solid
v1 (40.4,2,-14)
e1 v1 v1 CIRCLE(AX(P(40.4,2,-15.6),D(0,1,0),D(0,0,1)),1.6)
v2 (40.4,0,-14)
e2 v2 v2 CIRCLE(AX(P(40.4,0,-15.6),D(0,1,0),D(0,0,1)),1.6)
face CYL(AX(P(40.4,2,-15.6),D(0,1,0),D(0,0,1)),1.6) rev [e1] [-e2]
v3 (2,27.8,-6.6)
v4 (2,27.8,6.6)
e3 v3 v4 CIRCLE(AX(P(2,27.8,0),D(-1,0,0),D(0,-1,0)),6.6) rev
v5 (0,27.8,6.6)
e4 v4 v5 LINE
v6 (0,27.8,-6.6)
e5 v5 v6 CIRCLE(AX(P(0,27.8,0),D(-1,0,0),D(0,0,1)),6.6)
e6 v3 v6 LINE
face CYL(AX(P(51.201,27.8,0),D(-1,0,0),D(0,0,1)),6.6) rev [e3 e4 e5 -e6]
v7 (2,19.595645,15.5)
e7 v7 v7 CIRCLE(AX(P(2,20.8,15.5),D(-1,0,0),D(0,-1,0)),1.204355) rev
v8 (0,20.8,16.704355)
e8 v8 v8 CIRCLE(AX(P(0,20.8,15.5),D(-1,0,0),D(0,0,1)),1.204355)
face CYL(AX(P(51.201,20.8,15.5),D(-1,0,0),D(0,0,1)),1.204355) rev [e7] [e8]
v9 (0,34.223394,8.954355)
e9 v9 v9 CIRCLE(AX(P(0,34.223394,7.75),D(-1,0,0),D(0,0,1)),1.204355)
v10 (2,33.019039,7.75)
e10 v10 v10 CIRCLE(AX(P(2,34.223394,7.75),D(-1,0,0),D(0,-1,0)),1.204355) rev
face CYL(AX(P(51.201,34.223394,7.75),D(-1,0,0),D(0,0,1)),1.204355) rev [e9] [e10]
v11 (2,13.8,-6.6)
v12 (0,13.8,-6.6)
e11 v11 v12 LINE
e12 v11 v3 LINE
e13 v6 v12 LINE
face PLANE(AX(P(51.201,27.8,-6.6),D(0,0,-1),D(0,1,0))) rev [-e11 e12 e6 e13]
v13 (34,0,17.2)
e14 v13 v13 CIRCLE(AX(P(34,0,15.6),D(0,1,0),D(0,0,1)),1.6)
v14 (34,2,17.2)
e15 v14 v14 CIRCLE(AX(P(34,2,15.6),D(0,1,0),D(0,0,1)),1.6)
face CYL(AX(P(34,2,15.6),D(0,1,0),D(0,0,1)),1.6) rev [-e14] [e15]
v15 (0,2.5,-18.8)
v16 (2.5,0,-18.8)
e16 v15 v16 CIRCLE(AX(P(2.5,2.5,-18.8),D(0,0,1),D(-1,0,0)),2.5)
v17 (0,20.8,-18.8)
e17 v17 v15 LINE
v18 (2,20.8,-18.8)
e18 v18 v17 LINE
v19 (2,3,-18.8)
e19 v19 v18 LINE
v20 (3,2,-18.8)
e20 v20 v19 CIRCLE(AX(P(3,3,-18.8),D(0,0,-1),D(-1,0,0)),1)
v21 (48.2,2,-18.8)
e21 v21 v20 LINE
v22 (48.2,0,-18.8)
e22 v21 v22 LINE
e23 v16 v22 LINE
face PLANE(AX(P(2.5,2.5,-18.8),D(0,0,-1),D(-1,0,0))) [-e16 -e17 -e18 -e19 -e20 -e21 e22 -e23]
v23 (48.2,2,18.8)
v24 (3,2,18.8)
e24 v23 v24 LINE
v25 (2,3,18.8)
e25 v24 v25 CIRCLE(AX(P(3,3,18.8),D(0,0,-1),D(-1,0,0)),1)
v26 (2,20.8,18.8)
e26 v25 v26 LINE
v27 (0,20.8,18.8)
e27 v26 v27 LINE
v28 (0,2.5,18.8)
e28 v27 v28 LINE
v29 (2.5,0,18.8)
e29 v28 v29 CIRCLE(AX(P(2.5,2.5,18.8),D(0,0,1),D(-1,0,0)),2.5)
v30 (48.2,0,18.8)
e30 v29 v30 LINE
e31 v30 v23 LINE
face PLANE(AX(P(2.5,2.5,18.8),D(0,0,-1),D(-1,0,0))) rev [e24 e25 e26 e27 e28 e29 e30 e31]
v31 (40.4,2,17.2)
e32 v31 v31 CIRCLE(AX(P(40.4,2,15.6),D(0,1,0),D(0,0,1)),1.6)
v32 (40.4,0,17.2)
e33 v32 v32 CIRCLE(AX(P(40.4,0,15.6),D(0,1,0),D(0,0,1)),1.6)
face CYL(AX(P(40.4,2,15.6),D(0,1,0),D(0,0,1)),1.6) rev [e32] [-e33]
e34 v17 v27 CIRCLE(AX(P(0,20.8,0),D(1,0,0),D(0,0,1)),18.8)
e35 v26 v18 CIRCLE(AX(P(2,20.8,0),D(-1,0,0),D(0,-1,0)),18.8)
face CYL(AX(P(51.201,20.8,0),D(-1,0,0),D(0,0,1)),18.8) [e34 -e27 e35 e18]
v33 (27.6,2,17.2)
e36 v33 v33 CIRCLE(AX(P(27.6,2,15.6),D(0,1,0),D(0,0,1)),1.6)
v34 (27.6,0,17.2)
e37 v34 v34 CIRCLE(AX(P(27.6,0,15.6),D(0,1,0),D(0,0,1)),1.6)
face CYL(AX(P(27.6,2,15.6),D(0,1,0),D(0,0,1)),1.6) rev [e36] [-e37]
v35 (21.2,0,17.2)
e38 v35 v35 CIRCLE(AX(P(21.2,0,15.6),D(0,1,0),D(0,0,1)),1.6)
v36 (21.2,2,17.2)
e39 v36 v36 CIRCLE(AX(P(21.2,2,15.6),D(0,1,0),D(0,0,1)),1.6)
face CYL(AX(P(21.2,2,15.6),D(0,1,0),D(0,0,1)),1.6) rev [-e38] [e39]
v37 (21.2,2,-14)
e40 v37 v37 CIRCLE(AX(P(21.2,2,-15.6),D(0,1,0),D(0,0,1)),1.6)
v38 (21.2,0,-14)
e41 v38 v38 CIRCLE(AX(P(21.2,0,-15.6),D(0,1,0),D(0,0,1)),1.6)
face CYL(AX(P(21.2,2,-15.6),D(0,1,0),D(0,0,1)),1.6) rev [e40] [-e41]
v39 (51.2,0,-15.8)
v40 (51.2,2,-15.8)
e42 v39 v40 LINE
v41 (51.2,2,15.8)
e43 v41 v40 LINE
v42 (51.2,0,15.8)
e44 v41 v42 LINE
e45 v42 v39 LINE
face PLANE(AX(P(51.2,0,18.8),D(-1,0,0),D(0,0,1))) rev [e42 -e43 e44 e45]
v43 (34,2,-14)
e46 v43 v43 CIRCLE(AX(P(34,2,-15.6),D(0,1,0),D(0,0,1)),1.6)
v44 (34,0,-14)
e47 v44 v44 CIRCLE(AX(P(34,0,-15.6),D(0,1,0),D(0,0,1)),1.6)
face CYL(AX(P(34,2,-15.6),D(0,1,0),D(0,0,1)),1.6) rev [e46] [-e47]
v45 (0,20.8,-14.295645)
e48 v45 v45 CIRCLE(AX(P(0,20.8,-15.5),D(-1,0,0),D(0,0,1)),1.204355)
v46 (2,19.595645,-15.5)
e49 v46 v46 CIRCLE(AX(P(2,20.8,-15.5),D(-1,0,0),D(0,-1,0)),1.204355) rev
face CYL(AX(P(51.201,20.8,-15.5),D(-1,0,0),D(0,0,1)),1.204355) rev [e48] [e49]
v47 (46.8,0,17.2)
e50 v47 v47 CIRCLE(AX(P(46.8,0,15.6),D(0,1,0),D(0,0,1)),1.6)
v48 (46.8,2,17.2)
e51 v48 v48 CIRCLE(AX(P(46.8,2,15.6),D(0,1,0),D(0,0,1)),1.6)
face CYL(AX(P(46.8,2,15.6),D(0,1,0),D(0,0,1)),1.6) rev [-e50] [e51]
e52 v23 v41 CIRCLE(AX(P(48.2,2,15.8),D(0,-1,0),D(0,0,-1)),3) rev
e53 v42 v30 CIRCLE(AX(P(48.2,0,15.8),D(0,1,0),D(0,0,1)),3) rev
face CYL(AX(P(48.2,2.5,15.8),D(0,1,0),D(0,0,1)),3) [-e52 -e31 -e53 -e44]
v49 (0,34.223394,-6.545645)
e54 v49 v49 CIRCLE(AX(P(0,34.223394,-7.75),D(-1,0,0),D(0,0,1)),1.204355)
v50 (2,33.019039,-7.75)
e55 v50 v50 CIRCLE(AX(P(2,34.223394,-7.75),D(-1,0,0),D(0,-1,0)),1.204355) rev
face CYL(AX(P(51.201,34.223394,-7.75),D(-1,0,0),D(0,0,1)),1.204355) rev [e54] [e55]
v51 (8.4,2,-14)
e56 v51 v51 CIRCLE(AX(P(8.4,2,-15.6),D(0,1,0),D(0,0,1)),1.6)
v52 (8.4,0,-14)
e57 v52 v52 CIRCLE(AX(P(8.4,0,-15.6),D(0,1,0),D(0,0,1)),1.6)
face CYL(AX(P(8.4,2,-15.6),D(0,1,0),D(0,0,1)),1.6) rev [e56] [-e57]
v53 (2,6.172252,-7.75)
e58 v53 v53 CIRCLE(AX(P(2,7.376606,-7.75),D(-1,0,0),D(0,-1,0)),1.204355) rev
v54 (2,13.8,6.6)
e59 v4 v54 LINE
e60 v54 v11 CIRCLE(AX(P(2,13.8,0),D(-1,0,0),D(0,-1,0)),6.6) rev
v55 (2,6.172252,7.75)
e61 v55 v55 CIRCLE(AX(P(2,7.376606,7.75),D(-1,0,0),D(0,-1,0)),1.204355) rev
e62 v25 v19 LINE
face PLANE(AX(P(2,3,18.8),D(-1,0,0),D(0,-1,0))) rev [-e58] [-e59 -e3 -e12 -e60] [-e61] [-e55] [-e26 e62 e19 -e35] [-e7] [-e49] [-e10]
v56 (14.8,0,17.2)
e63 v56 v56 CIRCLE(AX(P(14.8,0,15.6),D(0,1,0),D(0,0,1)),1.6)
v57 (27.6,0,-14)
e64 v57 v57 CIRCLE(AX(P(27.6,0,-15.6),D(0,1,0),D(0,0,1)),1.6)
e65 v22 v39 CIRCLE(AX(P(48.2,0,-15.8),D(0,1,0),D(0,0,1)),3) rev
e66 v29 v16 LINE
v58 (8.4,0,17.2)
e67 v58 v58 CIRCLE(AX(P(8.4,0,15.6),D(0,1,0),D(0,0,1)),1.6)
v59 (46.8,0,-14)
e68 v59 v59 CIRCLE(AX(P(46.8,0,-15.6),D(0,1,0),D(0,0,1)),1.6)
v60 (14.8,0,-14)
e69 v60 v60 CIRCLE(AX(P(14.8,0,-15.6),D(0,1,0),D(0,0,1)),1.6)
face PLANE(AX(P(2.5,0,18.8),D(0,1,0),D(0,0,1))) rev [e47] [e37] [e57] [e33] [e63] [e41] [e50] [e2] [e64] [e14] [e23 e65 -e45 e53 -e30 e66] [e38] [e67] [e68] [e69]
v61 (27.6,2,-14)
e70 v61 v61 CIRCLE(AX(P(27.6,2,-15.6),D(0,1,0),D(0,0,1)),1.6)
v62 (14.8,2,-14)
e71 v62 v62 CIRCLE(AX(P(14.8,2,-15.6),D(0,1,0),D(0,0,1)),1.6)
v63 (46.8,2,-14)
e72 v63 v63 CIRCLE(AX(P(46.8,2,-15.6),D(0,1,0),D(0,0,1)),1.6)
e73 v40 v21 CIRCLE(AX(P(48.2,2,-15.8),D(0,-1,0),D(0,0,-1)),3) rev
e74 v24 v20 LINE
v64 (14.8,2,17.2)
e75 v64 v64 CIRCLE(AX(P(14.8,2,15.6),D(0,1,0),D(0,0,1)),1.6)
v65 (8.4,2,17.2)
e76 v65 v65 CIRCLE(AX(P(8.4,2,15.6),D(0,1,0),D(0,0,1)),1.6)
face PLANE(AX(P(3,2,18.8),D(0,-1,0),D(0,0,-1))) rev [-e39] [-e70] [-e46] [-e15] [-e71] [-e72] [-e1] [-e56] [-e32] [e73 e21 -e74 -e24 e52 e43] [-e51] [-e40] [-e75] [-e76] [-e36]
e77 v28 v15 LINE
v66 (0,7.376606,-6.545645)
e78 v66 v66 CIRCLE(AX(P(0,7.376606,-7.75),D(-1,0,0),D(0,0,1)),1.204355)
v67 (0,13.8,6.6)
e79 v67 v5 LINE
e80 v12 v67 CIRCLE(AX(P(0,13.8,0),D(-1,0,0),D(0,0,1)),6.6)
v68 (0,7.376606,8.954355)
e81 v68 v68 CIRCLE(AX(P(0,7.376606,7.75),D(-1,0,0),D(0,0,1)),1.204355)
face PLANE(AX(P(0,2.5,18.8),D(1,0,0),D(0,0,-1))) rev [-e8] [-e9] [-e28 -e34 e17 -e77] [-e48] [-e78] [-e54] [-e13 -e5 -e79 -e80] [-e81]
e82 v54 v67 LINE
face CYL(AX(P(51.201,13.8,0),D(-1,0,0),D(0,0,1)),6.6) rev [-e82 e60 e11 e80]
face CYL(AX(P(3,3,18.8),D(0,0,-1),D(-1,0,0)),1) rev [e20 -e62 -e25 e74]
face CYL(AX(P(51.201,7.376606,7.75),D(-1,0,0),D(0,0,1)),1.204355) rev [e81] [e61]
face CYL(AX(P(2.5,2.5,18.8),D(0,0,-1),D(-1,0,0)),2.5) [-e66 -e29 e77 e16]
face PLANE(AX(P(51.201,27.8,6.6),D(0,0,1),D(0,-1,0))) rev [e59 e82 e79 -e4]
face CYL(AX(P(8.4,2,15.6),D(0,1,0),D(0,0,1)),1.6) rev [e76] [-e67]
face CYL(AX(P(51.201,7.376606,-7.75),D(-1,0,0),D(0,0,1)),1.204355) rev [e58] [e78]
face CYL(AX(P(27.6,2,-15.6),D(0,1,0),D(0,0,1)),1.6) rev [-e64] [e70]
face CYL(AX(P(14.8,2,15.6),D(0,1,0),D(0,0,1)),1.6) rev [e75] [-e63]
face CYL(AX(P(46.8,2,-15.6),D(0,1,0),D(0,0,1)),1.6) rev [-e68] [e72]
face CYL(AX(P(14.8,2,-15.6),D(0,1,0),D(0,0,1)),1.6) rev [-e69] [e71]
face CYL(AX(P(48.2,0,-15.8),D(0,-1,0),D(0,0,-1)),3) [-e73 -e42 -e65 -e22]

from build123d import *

# Parameters (mm, degrees)
BOSS_EXTRUDE1_DEPTH            = 18.8
CUT_EXTRUDE1_START             = -2
SKETCH2_R                      = 1.204354552
CUT_EXTRUDE1_DEPTH             = 2
FILLET1_R                      = 3
F_3_2_3_2_DIAMETER_HOLE1_D     = 3.2
F_3_2_3_2_DIAMETER_HOLE1_DEPTH = 2


with BuildPart() as part:
    # Sketch1 → Boss-Extrude1 (new body, symmetric)
    with BuildSketch(Plane.XY):
        with BuildLine():
            Line((2.5, 0), (51.2, 0))
            Line((51.2, 0), (51.2, 2))
            Line((51.2, 2), (3, 2))
            ThreePointArc((3, 2), (2.292893219, 2.292893219), (2, 3))
            Line((2, 3), (2, 39.6))
            Line((2, 39.6), (0, 39.6))
            Line((0, 39.6), (0, 2.5))
            ThreePointArc((0, 2.5), (0.732233047, 0.732233047), (2.5, 0))
        make_face()
    extrude(amount=BOSS_EXTRUDE1_DEPTH, both=True)

    # Sketch2 → Cut-Extrude1 (cut)
    with BuildSketch(Plane.ZY.offset(CUT_EXTRUDE1_START)):
        with Locations((15.5, 20.8)):
            Circle(SKETCH2_R)
        with Locations((7.75, 7.376606241)):
            Circle(SKETCH2_R)
        with Locations((-7.75, 7.376606241)):
            Circle(SKETCH2_R)
        with Locations((-15.5, 20.8)):
            Circle(SKETCH2_R)
        with Locations((-7.75, 34.223393759)):
            Circle(SKETCH2_R)
        with Locations((7.75, 34.223393759)):
            Circle(SKETCH2_R)
        with BuildLine():
            Line((6.6, 27.8), (6.6, 13.8))
            ThreePointArc((6.6, 13.8), (0, 7.2), (-6.6, 13.8))
            Line((-6.6, 13.8), (-6.6, 27.8))
            ThreePointArc((-6.6, 27.8), (0, 34.4), (6.6, 27.8))
        make_face()
        with BuildLine():
            Line((-18.8, 40.1), (-18.8, 20.8))
            ThreePointArc((-18.8, 20.8), (0, 39.6), (18.8, 20.8))
            Line((18.8, 20.8), (18.8, 40.1))
            Line((18.8, 40.1), (-18.8, 40.1))
        make_face()
    extrude(amount=CUT_EXTRUDE1_DEPTH, mode=Mode.SUBTRACT)

    # Fillet1
    fillet1_edges = [part.edges().sort_by_distance(p)[0] for p in [
        (51.2, 1, -18.8),
        (51.2, 1, 18.8),
    ]]
    fillet(fillet1_edges, radius=FILLET1_R)

    # Ø3.2 (3.2) Diameter Hole1
    with Locations(Plane(origin=(0, 2, 0), x_dir=(1, 0, 0), z_dir=(0, 1, 0))):
        with Locations((8.4, 15.6), (8.4, -15.6), (14.8, 15.6), (14.8, -15.6), (21.2, 15.6), (21.2, -15.6), (27.6, 15.6), (27.6, -15.6), (34, 15.6), (34, -15.6), (40.4, 15.6), (40.4, -15.6), (46.8, 15.6), (46.8, -15.6)):
            Hole(F_3_2_3_2_DIAMETER_HOLE1_D / 2, depth=F_3_2_3_2_DIAMETER_HOLE1_DEPTH)


solid = part.part
